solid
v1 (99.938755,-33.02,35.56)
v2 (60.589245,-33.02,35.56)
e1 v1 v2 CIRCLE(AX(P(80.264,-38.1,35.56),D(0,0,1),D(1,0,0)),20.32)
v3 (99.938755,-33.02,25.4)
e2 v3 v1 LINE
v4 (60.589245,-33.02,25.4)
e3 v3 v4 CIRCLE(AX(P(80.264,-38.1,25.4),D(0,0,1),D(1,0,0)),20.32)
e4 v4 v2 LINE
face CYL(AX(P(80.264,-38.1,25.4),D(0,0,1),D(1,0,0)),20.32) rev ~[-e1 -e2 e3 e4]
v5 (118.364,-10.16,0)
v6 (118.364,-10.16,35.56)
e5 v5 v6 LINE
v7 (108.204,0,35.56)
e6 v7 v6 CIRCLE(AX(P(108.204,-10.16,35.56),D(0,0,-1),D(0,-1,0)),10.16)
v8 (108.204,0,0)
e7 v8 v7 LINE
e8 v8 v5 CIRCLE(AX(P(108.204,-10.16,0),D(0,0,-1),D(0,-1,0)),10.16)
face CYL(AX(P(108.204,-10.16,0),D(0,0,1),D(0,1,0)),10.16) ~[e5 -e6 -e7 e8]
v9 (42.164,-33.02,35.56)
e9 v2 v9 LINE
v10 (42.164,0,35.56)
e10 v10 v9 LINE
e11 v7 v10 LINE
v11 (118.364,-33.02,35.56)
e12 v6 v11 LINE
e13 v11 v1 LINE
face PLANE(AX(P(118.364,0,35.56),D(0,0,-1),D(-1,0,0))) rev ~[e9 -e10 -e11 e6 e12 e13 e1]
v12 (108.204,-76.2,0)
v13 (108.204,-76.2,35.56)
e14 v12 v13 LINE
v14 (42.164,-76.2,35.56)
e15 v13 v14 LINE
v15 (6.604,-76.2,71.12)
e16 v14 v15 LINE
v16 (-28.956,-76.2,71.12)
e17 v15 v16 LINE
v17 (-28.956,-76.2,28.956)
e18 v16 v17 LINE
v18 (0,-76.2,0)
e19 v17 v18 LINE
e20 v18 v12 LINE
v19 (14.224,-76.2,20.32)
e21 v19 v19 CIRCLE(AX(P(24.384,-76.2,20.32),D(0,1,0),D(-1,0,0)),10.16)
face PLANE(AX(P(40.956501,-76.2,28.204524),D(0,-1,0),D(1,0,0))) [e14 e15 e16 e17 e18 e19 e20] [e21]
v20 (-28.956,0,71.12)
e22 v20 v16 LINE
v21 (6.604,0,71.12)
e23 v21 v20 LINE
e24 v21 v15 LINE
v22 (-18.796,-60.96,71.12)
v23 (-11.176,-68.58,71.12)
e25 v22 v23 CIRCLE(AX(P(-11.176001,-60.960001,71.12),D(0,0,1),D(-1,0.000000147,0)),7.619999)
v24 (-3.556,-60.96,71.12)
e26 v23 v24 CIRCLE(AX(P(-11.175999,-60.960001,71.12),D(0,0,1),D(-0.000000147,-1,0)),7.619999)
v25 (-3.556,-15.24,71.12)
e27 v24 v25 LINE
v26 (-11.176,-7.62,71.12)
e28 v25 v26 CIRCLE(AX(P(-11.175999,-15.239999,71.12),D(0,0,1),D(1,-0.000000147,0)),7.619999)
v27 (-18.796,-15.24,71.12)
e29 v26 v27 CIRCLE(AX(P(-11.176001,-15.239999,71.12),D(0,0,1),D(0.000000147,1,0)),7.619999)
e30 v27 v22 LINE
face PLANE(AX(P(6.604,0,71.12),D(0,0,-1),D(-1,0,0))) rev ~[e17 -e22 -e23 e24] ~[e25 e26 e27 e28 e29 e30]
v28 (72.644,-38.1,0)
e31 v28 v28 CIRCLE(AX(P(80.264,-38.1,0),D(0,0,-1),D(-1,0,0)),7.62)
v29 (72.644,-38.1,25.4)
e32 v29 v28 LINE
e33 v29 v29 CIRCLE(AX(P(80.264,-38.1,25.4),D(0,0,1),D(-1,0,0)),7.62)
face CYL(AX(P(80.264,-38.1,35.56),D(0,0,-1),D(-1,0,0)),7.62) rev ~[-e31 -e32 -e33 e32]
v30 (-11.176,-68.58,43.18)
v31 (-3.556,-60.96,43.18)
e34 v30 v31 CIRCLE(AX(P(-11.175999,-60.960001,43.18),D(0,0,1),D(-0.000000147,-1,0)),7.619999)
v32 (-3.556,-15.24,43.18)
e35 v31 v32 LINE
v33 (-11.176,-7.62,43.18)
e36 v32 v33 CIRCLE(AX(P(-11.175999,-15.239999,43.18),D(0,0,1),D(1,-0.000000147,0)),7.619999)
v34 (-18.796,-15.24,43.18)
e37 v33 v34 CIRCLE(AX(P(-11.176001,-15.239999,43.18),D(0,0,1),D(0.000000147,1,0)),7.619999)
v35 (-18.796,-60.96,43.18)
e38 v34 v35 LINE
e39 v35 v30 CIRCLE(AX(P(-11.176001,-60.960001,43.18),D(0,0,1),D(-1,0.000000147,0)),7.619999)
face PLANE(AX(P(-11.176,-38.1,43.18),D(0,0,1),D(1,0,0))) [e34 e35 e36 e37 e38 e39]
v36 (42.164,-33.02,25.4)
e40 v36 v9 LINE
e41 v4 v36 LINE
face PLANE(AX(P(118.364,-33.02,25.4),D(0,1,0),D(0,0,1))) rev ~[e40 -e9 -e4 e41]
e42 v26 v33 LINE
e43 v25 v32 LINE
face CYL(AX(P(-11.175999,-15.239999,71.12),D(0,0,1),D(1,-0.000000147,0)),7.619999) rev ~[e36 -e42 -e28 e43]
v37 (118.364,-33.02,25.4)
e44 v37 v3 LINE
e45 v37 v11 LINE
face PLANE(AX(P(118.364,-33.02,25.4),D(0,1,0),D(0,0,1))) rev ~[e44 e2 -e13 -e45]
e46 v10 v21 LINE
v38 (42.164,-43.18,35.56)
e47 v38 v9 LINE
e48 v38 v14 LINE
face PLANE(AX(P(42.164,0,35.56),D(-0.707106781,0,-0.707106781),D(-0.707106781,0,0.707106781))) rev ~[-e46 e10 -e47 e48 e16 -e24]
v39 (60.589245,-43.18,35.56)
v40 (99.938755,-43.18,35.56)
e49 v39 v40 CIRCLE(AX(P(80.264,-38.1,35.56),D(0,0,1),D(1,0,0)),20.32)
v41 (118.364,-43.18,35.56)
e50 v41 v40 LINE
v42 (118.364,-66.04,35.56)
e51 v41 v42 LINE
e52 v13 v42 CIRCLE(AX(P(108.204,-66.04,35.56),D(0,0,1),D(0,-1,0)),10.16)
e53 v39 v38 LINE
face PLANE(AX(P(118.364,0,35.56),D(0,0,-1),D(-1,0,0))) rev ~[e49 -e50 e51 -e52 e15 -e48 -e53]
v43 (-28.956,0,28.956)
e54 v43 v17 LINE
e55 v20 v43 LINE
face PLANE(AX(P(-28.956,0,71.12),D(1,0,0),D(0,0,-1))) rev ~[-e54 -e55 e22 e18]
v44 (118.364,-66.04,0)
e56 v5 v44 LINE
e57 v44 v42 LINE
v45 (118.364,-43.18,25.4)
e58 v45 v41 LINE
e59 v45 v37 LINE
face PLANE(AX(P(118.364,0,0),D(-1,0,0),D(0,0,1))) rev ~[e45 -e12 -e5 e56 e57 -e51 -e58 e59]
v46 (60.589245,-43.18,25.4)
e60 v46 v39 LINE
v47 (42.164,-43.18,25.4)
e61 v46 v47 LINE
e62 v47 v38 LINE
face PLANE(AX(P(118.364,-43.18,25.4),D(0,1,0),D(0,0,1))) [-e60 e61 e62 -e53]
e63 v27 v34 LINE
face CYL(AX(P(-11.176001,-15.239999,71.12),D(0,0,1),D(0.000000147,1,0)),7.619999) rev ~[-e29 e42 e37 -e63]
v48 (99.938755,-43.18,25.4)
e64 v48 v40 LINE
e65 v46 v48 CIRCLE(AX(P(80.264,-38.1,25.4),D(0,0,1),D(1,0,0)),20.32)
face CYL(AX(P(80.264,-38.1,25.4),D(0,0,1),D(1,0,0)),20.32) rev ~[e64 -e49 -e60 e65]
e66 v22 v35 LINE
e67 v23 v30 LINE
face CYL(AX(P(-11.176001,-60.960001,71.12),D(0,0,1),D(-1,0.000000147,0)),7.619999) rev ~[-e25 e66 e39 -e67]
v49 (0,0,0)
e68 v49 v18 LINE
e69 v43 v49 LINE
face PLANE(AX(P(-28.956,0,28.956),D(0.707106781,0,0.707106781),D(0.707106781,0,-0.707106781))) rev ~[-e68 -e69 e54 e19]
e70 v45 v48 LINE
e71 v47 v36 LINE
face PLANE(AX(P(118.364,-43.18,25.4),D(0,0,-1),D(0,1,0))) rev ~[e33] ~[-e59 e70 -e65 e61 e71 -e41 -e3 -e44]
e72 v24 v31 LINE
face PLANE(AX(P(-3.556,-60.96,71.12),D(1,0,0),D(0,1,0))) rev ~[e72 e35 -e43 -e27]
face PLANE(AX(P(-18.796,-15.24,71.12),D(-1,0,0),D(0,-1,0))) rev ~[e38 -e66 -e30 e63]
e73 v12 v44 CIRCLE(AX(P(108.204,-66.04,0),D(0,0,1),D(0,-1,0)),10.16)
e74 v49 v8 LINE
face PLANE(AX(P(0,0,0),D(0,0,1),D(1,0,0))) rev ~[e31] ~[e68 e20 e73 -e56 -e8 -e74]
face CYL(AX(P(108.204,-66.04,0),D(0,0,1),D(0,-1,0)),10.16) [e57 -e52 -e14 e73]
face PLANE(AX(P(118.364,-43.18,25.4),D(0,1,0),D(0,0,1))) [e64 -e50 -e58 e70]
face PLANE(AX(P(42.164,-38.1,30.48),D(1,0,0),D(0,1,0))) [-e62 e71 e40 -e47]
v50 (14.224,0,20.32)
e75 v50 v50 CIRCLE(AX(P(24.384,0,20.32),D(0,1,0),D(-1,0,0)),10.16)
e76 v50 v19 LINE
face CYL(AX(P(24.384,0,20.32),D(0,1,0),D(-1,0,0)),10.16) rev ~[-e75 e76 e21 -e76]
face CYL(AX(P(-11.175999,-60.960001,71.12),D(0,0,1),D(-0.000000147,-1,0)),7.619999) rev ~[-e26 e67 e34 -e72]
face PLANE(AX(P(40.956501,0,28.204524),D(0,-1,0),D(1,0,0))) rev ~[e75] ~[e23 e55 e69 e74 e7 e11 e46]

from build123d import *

# Parameters (mm, degrees)
F1_DEPTH       = 76.2
F3_DEPTH       = 27.94
F5_D           = 15.24
F5_CBORE_D     = 40.64
F5_CBORE_DEPTH = 10.16
F6_W           = 10.16
F6_H           = 10.16
F7_DEPTH       = 76.2
F8_R           = 10.16
F9_DEPTH       = 76.201
F10_R          = 10.16


with BuildPart() as f1:
    # F0 (on Front) → F1 (new body)
    with BuildSketch(Plane.XZ):
        Polygon((-28.956, 28.956), (0, 0), (118.364, 0), (118.364, 35.56), (42.164, 35.56), (6.604, 71.12), (-28.956, 71.12), align=None)
    extrude(amount=F1_DEPTH)

    # F2 (on face) → F3 (cut)
    with BuildSketch(Plane.XY.offset(71.12)):
        with BuildLine():
            ThreePointArc((-11.176, -7.62), (-16.564154, -9.851846), (-18.796, -15.24))
            Line((-18.796, -15.24), (-18.796, -60.96))
            ThreePointArc((-18.796, -60.96), (-16.564154, -66.348154), (-11.176, -68.58))
            ThreePointArc((-11.176, -68.58), (-5.787846, -66.348154), (-3.556, -60.96))
            Line((-3.556, -60.96), (-3.556, -15.24))
            ThreePointArc((-3.556, -15.24), (-5.787846, -9.851846), (-11.176, -7.62))
        make_face()
    extrude(amount=-F3_DEPTH, mode=Mode.SUBTRACT)

    # F5 (through all)
    with Locations(Plane.XY.offset(35.56)):
        with Locations((80.264, -38.1)):
            CounterBoreHole(F5_D / 2, F5_CBORE_D / 2, F5_CBORE_DEPTH)

    # F6 (on face) → F7 (cut)
    with BuildSketch(Plane.YZ.offset(118.364)):
        with Locations((-38.1, 30.48)):
            Rectangle(F6_W, F6_H)
    extrude(amount=-F7_DEPTH, mode=Mode.SUBTRACT)

    # F8 (on face) → F9 (cut, through all)
    with BuildSketch(Plane(origin=(0, 0, 0), x_dir=(-1, 0, 0), z_dir=(0, 1, 0))):
        with Locations((-24.384, 20.32)):
            Circle(F8_R)
    extrude(amount=-F9_DEPTH, mode=Mode.SUBTRACT)

    # F10
    f10_edges = [f1.edges().sort_by_distance(p)[0] for p in [
        (118.364, -76.2, 17.78),
        (118.364, 0, 17.78),
    ]]
    fillet(f10_edges, radius=F10_R)


solid = f1.part
